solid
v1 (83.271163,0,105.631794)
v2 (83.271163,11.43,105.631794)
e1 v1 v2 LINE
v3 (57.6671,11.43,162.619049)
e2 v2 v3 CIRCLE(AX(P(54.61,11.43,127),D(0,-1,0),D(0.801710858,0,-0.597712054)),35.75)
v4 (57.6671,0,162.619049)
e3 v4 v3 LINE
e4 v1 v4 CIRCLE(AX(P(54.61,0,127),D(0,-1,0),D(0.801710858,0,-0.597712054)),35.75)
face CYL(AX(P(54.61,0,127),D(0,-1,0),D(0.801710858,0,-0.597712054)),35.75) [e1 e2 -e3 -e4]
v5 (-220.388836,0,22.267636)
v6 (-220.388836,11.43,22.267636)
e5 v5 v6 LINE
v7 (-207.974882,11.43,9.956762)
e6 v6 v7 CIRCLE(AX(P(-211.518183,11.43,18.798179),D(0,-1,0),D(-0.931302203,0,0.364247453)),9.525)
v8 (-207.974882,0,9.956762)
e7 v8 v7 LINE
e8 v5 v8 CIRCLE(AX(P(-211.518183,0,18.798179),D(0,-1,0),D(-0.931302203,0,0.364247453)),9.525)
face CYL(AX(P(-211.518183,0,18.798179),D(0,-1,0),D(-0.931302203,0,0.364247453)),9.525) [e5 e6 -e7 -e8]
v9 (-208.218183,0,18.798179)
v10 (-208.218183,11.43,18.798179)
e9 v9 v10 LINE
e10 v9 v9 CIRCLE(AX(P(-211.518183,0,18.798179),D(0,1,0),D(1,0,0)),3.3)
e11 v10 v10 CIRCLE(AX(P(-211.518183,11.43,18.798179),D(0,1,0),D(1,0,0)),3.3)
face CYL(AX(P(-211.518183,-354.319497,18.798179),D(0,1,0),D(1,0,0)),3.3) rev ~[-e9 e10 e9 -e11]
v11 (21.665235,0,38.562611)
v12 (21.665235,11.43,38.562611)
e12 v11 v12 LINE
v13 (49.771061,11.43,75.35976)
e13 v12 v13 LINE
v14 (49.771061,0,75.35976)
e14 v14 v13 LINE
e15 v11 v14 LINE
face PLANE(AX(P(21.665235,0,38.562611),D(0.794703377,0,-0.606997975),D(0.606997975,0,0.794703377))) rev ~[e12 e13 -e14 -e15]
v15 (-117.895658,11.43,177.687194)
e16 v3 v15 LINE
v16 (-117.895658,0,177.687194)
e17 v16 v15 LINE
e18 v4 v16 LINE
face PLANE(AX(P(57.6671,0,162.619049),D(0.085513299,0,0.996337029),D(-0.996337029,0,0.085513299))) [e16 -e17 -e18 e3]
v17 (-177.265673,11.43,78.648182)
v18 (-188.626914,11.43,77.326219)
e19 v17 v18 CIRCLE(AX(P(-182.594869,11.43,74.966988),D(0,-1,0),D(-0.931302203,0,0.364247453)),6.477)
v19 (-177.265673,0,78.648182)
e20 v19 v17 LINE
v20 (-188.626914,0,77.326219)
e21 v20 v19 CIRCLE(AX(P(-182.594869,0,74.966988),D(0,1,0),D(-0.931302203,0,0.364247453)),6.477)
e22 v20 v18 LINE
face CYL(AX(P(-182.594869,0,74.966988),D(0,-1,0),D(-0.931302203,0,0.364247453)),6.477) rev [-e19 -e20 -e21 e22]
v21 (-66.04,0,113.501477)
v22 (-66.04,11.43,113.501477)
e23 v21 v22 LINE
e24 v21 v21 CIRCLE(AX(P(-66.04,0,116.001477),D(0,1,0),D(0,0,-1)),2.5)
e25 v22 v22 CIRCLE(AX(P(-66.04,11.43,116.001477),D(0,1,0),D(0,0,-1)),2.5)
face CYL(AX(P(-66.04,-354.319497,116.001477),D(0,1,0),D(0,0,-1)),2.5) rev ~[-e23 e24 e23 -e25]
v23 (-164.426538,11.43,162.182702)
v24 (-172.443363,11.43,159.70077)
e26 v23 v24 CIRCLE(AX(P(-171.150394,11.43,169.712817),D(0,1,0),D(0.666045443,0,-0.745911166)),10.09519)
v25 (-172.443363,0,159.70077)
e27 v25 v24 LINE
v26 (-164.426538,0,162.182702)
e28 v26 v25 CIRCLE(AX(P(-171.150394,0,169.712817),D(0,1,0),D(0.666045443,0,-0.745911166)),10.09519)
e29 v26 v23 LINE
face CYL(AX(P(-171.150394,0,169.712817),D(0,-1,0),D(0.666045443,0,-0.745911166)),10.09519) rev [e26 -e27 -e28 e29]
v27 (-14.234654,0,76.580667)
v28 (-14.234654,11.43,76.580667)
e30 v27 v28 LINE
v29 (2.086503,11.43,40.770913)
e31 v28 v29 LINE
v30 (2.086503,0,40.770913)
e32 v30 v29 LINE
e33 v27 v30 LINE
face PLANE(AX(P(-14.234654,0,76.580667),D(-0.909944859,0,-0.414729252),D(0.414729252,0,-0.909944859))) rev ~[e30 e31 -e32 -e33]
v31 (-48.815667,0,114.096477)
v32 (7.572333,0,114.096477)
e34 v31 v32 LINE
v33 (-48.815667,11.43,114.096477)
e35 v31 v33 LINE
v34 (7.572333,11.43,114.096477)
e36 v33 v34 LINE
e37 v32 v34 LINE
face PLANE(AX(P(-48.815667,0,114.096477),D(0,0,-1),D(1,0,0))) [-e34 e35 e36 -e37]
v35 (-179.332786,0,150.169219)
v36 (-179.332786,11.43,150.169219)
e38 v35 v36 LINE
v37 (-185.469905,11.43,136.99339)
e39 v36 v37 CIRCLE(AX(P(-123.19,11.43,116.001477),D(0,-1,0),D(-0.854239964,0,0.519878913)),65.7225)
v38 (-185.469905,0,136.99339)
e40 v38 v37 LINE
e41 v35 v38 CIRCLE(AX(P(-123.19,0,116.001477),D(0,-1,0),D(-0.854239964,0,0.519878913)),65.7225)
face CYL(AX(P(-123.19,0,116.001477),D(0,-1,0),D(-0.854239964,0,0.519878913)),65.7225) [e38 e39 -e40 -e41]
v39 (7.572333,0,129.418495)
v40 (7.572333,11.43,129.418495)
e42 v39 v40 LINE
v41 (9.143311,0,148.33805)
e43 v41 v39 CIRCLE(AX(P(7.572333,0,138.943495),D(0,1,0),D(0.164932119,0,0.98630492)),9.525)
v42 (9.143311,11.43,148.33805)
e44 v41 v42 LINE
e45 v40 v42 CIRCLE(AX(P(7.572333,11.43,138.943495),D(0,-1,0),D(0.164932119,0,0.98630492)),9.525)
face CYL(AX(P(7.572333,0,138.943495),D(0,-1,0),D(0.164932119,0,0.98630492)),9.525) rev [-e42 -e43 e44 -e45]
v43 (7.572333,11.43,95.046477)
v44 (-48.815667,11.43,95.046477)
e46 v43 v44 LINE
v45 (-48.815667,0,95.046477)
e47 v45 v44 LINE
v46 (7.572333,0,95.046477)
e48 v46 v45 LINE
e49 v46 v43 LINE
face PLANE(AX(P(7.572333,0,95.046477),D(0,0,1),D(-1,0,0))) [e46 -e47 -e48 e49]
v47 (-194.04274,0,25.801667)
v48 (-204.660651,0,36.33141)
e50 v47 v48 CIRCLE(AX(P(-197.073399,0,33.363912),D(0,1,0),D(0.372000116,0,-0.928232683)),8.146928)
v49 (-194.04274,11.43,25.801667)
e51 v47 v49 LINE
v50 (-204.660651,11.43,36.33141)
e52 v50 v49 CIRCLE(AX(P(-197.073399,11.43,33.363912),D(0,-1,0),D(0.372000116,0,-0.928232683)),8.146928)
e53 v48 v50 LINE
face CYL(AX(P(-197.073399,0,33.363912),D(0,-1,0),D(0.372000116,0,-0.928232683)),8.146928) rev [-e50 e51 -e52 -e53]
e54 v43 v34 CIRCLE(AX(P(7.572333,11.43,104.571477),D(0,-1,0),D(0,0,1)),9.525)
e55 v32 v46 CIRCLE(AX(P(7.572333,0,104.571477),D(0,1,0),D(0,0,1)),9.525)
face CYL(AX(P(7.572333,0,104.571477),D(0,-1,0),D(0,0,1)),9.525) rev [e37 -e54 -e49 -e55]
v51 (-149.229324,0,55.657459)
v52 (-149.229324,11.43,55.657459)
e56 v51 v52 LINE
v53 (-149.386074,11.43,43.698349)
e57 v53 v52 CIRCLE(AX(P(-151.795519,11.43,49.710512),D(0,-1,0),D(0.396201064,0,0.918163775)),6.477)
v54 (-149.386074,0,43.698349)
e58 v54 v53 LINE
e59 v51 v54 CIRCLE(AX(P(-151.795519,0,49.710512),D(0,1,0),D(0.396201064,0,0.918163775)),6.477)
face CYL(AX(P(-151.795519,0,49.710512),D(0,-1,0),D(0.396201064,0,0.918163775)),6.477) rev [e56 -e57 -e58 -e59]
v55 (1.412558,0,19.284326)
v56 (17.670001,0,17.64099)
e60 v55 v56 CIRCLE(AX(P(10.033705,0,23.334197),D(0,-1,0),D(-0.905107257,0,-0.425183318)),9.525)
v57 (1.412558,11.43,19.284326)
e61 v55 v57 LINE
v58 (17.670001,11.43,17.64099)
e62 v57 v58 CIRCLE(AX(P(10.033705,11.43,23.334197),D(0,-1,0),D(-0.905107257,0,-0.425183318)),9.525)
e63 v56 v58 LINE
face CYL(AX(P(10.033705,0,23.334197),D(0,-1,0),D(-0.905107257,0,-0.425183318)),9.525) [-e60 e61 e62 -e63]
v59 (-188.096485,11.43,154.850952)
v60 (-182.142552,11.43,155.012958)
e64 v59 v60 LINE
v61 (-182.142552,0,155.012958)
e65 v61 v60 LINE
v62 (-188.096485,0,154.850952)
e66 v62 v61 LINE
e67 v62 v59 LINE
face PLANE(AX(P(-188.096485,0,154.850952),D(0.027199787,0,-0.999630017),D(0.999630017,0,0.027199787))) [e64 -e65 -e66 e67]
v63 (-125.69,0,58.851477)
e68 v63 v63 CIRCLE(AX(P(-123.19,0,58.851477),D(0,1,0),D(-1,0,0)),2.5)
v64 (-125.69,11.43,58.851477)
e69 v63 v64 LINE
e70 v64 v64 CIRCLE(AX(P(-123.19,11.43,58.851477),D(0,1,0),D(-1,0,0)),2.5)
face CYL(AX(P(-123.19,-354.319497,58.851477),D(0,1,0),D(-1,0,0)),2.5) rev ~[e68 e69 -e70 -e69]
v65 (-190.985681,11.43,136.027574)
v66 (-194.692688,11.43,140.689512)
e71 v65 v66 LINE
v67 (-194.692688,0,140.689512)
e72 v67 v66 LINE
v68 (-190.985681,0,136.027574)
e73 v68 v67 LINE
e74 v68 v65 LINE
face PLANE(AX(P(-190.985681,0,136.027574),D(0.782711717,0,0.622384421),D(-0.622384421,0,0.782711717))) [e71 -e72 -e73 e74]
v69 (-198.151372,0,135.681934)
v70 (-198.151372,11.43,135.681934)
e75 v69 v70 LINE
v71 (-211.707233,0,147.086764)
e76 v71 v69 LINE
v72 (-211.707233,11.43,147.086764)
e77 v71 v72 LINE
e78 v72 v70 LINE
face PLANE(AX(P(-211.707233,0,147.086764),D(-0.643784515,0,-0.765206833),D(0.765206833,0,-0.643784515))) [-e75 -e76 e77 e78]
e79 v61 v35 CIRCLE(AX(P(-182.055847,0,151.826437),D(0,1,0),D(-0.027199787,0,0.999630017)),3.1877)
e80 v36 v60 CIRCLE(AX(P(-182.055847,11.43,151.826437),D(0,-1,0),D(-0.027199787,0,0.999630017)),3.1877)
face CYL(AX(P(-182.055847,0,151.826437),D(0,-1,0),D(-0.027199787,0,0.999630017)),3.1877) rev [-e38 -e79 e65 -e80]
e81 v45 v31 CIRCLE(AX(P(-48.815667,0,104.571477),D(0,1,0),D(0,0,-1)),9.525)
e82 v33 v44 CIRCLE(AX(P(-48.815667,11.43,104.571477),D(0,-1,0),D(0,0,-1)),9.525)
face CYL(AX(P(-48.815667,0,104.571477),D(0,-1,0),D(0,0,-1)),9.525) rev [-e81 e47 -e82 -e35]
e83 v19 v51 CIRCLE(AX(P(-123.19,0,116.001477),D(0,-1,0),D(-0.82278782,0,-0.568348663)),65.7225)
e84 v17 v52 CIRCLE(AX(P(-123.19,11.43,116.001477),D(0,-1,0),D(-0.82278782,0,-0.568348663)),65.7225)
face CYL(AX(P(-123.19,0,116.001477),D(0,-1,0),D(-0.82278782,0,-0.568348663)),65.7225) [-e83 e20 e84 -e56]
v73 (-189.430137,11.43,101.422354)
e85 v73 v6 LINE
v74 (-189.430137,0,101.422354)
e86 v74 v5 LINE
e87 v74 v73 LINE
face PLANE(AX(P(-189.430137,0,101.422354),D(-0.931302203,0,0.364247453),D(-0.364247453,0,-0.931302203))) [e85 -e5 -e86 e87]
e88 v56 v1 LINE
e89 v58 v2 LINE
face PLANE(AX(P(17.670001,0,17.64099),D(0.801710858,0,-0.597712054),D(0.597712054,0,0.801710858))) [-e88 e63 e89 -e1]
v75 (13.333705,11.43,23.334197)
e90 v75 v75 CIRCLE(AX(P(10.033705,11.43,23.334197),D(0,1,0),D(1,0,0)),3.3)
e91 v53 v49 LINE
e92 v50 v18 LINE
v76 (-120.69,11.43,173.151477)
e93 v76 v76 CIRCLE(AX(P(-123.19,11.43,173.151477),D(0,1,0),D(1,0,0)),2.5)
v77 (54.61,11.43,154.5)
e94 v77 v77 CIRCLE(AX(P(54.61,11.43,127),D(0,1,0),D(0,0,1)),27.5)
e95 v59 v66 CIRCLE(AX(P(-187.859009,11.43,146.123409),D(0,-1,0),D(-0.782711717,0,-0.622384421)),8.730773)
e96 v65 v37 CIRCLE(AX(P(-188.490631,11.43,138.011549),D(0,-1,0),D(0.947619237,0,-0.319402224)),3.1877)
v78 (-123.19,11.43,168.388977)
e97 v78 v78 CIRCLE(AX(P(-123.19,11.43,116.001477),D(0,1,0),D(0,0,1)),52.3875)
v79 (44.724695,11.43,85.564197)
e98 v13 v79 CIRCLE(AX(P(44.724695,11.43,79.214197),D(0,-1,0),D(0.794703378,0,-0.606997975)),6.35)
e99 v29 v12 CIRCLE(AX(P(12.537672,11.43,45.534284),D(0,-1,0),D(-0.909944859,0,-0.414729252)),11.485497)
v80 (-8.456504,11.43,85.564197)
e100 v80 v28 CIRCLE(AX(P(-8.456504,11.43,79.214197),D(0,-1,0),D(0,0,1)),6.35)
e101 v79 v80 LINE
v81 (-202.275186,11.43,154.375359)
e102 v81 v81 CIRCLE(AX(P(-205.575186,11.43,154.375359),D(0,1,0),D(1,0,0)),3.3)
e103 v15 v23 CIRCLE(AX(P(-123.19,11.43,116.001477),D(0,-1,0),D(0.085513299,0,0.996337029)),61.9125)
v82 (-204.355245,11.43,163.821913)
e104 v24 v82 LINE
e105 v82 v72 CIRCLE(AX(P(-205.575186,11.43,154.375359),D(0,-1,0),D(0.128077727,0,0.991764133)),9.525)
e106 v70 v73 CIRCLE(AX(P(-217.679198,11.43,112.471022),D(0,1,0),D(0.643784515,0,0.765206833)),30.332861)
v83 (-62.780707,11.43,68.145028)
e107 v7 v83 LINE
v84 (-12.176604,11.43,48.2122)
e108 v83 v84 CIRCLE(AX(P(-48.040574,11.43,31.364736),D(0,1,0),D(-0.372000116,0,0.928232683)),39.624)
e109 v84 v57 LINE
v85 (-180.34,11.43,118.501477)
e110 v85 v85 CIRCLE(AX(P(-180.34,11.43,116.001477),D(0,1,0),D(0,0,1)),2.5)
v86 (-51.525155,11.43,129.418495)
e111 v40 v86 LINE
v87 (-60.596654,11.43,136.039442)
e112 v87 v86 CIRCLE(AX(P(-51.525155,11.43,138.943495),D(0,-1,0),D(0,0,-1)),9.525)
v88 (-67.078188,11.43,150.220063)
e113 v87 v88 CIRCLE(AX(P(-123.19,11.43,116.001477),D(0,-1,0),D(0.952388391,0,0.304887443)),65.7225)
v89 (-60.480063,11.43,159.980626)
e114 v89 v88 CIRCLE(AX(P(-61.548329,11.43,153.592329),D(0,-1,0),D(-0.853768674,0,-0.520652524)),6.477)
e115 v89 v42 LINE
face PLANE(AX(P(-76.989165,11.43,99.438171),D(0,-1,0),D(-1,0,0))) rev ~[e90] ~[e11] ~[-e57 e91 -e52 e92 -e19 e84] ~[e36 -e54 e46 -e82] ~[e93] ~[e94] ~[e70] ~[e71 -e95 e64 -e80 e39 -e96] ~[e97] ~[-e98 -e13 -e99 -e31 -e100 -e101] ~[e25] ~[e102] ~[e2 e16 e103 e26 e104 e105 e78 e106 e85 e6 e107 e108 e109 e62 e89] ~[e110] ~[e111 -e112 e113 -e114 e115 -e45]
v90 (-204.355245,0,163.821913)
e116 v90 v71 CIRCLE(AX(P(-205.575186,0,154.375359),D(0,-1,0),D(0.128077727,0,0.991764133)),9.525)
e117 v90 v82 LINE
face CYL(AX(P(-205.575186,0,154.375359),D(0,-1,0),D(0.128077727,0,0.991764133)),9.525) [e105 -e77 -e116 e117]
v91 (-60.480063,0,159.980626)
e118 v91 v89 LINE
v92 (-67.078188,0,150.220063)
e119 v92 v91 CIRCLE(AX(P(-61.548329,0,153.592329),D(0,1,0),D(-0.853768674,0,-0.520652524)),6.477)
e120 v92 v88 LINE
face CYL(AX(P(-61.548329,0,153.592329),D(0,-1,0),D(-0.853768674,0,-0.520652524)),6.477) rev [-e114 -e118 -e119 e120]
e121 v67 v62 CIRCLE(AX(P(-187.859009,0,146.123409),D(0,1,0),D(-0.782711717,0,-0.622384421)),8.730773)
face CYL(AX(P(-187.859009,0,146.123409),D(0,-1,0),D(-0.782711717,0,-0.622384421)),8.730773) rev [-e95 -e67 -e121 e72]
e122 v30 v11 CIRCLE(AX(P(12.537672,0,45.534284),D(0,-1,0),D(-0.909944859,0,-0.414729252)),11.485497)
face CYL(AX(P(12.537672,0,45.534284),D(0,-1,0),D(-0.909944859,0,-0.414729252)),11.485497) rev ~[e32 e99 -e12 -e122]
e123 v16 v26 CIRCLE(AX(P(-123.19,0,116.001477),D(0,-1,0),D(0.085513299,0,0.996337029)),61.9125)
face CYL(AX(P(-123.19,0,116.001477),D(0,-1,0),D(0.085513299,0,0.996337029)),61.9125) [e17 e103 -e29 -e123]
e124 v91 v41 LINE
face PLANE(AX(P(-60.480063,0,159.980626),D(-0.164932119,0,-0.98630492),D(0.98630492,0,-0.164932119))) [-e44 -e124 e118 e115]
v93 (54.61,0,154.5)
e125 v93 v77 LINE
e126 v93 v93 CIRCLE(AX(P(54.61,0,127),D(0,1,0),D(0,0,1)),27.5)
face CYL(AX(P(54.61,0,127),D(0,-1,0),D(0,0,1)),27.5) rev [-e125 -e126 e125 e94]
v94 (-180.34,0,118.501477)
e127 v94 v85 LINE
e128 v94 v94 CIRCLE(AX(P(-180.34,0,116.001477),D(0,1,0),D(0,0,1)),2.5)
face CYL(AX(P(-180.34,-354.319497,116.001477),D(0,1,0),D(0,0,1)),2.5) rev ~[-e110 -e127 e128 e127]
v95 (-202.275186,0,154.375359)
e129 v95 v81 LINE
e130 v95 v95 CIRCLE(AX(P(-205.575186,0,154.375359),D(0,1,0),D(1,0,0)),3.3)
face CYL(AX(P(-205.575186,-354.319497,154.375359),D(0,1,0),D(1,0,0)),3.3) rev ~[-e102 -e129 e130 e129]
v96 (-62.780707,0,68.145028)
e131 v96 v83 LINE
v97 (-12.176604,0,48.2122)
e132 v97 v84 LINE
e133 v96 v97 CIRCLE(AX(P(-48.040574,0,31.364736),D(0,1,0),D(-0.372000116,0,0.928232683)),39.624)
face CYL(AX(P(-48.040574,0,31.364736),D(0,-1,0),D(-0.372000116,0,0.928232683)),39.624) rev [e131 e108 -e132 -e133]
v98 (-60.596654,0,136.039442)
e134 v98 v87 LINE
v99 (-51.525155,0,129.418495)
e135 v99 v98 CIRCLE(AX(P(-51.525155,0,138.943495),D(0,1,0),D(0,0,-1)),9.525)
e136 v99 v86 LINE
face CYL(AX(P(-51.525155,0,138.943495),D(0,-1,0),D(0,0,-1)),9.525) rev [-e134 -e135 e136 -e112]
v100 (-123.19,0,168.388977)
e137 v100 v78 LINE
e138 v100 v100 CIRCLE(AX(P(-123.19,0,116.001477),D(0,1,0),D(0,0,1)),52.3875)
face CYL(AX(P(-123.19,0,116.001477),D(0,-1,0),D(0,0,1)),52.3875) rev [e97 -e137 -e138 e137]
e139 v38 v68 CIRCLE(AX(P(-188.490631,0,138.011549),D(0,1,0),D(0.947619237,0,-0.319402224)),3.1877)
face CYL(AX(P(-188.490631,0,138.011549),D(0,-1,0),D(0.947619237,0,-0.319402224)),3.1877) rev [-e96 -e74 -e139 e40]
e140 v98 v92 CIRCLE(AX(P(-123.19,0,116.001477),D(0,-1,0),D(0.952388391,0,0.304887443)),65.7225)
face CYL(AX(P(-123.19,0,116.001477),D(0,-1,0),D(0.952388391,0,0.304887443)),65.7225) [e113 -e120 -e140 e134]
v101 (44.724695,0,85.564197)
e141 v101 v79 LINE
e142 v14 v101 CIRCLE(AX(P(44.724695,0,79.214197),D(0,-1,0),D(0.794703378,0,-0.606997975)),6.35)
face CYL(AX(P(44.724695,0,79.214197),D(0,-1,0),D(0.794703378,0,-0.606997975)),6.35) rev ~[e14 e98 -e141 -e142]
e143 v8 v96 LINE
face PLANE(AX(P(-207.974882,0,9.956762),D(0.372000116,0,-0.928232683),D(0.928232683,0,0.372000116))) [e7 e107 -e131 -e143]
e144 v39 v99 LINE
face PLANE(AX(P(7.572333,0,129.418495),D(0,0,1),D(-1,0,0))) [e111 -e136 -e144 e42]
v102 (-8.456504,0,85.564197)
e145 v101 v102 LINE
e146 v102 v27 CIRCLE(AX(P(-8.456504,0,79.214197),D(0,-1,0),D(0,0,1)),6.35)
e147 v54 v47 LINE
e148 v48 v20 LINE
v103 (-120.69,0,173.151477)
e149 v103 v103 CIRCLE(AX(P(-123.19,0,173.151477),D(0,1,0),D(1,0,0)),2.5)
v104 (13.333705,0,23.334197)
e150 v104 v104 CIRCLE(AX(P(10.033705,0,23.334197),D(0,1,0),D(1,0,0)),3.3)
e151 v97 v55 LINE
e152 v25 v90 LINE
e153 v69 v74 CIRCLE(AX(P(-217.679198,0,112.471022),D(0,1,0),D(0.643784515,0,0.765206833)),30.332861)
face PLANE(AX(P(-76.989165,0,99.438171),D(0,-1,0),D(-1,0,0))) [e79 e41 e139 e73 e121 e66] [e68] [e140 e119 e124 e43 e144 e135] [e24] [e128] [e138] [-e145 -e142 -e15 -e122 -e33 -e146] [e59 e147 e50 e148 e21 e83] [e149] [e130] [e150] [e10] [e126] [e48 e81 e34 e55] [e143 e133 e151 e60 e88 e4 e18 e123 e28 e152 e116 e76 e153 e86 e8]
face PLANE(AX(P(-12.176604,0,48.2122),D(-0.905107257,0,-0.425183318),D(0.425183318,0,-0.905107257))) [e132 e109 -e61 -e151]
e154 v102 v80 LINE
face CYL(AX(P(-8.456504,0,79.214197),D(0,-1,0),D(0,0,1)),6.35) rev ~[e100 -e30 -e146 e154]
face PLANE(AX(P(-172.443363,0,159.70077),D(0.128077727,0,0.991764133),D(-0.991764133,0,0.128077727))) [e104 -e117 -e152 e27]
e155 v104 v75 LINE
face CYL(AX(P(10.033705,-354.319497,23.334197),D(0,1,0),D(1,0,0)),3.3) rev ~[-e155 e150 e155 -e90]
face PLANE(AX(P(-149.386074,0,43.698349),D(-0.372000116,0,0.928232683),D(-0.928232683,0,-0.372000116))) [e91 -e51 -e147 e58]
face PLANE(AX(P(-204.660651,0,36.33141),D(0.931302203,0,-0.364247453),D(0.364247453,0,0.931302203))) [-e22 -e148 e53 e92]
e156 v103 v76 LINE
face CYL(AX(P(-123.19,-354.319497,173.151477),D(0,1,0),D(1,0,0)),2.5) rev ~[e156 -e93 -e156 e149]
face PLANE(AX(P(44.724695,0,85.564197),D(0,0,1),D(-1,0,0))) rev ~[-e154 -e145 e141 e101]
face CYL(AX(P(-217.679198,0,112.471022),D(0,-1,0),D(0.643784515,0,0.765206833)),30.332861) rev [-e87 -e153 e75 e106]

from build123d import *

# Parameters (mm, degrees)
SKETCH1_R             = 52.3875
SKETCH1_R_2           = 27.49999999
BOSS_EXTRUDE1_DEPTH   = 11.43
M6_CLEARANCE_HOLE1_D  = 6.6
F_5_0MM_DOWEL_HOLE1_D = 5
CIRPATTERN1_COUNT     = 4
CUT_EXTRUDE1_DEPTH    = 284.979078357
CUT_EXTRUDE2_DEPTH    = 284.979078357


with BuildPart() as part:
    # Sketch1 → Boss-Extrude1 (new body)
    with BuildSketch(Plane(origin=(0, 0, 0), x_dir=(1, 0, 0), z_dir=(0, 1, 0))):
        with BuildLine():
            Line((-207.974881785, -9.956762437), (-62.780706514, -68.14502812))
            ThreePointArc((-62.780706514, -68.14502812), (-33.518744337, -68.231765471), (-12.176603989, -48.212200061))
            Line((-12.176603989, -48.212200061), (1.412558245, -19.284326264))
            ThreePointArc((1.412558245, -19.284326264), (9.075779399, -13.857488875), (17.670000792, -17.640990049))
            Line((17.670000792, -17.640990049), (83.271163186, -105.631794066))
            ThreePointArc((83.271163186, -105.631794066), (87.219797031, -141.651403947), (57.667100455, -162.619048791))
            Line((57.667100455, -162.619048791), (-117.895657849, -177.687193688))
            ThreePointArc((-117.895657849, -177.687193688), (-142.761859432, -174.739029029), (-164.426538493, -162.182702446))
            ThreePointArc((-164.426538493, -162.182702446), (-168.164823601, -160.06920649), (-172.443362527, -159.700770109))
            Line((-172.443362527, -159.700770109), (-204.355245166, -163.82191268))
            ThreePointArc((-204.355245166, -163.82191268), (-214.295764489, -158.206433226), (-211.707233022, -147.086764223))
            Line((-211.707233022, -147.086764223), (-198.151371623, -135.681934472))
            ThreePointArc((-198.151371623, -135.681934472), (-188.283833694, -119.954004575), (-189.430137427, -101.422354045))
            Line((-189.430137427, -101.422354045), (-220.388836369, -22.267635732))
            ThreePointArc((-220.388836369, -22.267635732), (-218.225236723, -12.034965467), (-207.974881785, -9.956762437))
        make_face()
        with Locations(Location((-123.19, -116.001477372, 0), (0, 0, 270))):
            Circle(SKETCH1_R, mode=Mode.SUBTRACT)
        with Locations(Location((54.61, -127, 0), (0, 0, 270))):
            Circle(SKETCH1_R_2, mode=Mode.SUBTRACT)
    extrude(amount=BOSS_EXTRUDE1_DEPTH)

    # M6 Clearance Hole1 (through all)
    with Locations(Plane(origin=(0, 0, 0), x_dir=(-1, 0, 0), z_dir=(0, -1, 0))):
        with Locations((-10.033704867, -23.334197365), (211.518182886, -18.798178744), (205.575185514, -154.375359311)):
            Hole(M6_CLEARANCE_HOLE1_D / 2)

    # Ø5.0mm Dowel Hole1 (through all)
    with Locations(Plane(origin=(0, 0, 0), x_dir=(-1, 0, 0), z_dir=(0, -1, 0))):
        with Locations((123.19, -173.151477372)):
            f_5_0mm_dowel_hole1 = Hole(F_5_0MM_DOWEL_HOLE1_D / 2)

    # CirPattern1: Ø5.0mm Dowel Hole1 ×4 about axis
    cirpattern1_axis = Axis((-123.19, 0, 116.001477372), (0, 1, 0))
    for i in range(1, CIRPATTERN1_COUNT):
        add(f_5_0mm_dowel_hole1.rotate(cirpattern1_axis, i * 360 / CIRPATTERN1_COUNT), mode=Mode.SUBTRACT)

    # Sketch6 → Cut-Extrude1 (cut, through all)
    with BuildSketch(Plane.XZ):
        with BuildLine():
            Line((-14.234653979, 76.580666612), (2.086502597, 40.770912553))
            ThreePointArc((2.086502597, 40.770912553), (11.250375023, 34.121155358), (21.665234735, 38.562610722))
            Line((21.665234735, 38.562610722), (49.771061223, 75.359760223))
            ThreePointArc((49.771061223, 75.359760223), (50.416714446, 82.029052969), (44.724694776, 85.564197365))
            Line((44.724694776, 85.564197365), (-8.456504121, 85.564197365))
            ThreePointArc((-8.456504121, 85.564197365), (-13.797169823, 82.649279585), (-14.234653979, 76.580666612))
        make_face()
        with BuildLine():
            Line((-204.660650751, 36.331409888), (-188.626913597, 77.326218823))
            ThreePointArc((-188.626913597, 77.326218823), (-183.343464985, 81.400582198), (-177.265672517, 78.648182362))
            ThreePointArc((-177.265672517, 78.648182362), (-164.864290964, 65.181201114), (-149.229324423, 55.657458697))
            ThreePointArc((-149.229324423, 55.657458697), (-145.319075006, 49.625624375), (-149.386073966, 43.698348841))
            Line((-149.386073966, 43.698348841), (-194.042740287, 25.801666969))
            ThreePointArc((-194.042740287, 25.801666969), (-202.810079512, 27.579196728), (-204.660650751, 36.331409888))
        make_face()
        with BuildLine():
            Line((-190.985681304, 136.027573744), (-194.692687992, 140.689511725))
            ThreePointArc((-194.692687992, 140.689511725), (-195.773357295, 149.809803058), (-188.096484537, 154.850952212))
            Line((-188.096484537, 154.850952212), (-182.142551509, 155.01295786))
            ThreePointArc((-182.142551509, 155.01295786), (-179.298484939, 153.425933155), (-179.332786017, 150.169219243))
            ThreePointArc((-179.332786017, 150.169219243), (-182.766707481, 143.751485155), (-185.46990532, 136.993390091))
            ThreePointArc((-185.46990532, 136.993390091), (-187.940827525, 134.871620657), (-190.985681304, 136.027573744))
        make_face()
    extrude(amount=-CUT_EXTRUDE1_DEPTH, mode=Mode.SUBTRACT)

    # Sketch7 → Cut-Extrude2 (cut, through all)
    with BuildSketch(Plane.XZ):
        with BuildLine():
            Line((-48.815667356, 114.096477372), (7.572332644, 114.096477372))
            ThreePointArc((7.572332644, 114.096477372), (17.097332644, 104.571477372), (7.572332644, 95.046477372))
            Line((7.572332644, 95.046477372), (-48.815667356, 95.046477372))
            ThreePointArc((-48.815667356, 95.046477372), (-58.340667356, 104.571477372), (-48.815667356, 114.096477372))
        make_face()
        with BuildLine():
            Line((-60.480063265, 159.980626251), (9.143311078, 148.338049571))
            ThreePointArc((9.143311078, 148.338049571), (17.064665217, 138.155302762), (7.572332644, 129.418495204))
            Line((7.572332644, 129.418495204), (-51.525154545, 129.418495204))
            ThreePointArc((-51.525154545, 129.418495204), (-57.140513894, 131.249772802), (-60.59665397, 136.039442314))
            ThreePointArc((-60.59665397, 136.039442314), (-63.415414116, 143.322639291), (-67.078188304, 150.220062883))
            ThreePointArc((-67.078188304, 150.220062883), (-66.914295931, 157.219714512), (-60.480063265, 159.980626251))
        make_face()
    extrude(amount=-CUT_EXTRUDE2_DEPTH, mode=Mode.SUBTRACT)


solid = part.part
